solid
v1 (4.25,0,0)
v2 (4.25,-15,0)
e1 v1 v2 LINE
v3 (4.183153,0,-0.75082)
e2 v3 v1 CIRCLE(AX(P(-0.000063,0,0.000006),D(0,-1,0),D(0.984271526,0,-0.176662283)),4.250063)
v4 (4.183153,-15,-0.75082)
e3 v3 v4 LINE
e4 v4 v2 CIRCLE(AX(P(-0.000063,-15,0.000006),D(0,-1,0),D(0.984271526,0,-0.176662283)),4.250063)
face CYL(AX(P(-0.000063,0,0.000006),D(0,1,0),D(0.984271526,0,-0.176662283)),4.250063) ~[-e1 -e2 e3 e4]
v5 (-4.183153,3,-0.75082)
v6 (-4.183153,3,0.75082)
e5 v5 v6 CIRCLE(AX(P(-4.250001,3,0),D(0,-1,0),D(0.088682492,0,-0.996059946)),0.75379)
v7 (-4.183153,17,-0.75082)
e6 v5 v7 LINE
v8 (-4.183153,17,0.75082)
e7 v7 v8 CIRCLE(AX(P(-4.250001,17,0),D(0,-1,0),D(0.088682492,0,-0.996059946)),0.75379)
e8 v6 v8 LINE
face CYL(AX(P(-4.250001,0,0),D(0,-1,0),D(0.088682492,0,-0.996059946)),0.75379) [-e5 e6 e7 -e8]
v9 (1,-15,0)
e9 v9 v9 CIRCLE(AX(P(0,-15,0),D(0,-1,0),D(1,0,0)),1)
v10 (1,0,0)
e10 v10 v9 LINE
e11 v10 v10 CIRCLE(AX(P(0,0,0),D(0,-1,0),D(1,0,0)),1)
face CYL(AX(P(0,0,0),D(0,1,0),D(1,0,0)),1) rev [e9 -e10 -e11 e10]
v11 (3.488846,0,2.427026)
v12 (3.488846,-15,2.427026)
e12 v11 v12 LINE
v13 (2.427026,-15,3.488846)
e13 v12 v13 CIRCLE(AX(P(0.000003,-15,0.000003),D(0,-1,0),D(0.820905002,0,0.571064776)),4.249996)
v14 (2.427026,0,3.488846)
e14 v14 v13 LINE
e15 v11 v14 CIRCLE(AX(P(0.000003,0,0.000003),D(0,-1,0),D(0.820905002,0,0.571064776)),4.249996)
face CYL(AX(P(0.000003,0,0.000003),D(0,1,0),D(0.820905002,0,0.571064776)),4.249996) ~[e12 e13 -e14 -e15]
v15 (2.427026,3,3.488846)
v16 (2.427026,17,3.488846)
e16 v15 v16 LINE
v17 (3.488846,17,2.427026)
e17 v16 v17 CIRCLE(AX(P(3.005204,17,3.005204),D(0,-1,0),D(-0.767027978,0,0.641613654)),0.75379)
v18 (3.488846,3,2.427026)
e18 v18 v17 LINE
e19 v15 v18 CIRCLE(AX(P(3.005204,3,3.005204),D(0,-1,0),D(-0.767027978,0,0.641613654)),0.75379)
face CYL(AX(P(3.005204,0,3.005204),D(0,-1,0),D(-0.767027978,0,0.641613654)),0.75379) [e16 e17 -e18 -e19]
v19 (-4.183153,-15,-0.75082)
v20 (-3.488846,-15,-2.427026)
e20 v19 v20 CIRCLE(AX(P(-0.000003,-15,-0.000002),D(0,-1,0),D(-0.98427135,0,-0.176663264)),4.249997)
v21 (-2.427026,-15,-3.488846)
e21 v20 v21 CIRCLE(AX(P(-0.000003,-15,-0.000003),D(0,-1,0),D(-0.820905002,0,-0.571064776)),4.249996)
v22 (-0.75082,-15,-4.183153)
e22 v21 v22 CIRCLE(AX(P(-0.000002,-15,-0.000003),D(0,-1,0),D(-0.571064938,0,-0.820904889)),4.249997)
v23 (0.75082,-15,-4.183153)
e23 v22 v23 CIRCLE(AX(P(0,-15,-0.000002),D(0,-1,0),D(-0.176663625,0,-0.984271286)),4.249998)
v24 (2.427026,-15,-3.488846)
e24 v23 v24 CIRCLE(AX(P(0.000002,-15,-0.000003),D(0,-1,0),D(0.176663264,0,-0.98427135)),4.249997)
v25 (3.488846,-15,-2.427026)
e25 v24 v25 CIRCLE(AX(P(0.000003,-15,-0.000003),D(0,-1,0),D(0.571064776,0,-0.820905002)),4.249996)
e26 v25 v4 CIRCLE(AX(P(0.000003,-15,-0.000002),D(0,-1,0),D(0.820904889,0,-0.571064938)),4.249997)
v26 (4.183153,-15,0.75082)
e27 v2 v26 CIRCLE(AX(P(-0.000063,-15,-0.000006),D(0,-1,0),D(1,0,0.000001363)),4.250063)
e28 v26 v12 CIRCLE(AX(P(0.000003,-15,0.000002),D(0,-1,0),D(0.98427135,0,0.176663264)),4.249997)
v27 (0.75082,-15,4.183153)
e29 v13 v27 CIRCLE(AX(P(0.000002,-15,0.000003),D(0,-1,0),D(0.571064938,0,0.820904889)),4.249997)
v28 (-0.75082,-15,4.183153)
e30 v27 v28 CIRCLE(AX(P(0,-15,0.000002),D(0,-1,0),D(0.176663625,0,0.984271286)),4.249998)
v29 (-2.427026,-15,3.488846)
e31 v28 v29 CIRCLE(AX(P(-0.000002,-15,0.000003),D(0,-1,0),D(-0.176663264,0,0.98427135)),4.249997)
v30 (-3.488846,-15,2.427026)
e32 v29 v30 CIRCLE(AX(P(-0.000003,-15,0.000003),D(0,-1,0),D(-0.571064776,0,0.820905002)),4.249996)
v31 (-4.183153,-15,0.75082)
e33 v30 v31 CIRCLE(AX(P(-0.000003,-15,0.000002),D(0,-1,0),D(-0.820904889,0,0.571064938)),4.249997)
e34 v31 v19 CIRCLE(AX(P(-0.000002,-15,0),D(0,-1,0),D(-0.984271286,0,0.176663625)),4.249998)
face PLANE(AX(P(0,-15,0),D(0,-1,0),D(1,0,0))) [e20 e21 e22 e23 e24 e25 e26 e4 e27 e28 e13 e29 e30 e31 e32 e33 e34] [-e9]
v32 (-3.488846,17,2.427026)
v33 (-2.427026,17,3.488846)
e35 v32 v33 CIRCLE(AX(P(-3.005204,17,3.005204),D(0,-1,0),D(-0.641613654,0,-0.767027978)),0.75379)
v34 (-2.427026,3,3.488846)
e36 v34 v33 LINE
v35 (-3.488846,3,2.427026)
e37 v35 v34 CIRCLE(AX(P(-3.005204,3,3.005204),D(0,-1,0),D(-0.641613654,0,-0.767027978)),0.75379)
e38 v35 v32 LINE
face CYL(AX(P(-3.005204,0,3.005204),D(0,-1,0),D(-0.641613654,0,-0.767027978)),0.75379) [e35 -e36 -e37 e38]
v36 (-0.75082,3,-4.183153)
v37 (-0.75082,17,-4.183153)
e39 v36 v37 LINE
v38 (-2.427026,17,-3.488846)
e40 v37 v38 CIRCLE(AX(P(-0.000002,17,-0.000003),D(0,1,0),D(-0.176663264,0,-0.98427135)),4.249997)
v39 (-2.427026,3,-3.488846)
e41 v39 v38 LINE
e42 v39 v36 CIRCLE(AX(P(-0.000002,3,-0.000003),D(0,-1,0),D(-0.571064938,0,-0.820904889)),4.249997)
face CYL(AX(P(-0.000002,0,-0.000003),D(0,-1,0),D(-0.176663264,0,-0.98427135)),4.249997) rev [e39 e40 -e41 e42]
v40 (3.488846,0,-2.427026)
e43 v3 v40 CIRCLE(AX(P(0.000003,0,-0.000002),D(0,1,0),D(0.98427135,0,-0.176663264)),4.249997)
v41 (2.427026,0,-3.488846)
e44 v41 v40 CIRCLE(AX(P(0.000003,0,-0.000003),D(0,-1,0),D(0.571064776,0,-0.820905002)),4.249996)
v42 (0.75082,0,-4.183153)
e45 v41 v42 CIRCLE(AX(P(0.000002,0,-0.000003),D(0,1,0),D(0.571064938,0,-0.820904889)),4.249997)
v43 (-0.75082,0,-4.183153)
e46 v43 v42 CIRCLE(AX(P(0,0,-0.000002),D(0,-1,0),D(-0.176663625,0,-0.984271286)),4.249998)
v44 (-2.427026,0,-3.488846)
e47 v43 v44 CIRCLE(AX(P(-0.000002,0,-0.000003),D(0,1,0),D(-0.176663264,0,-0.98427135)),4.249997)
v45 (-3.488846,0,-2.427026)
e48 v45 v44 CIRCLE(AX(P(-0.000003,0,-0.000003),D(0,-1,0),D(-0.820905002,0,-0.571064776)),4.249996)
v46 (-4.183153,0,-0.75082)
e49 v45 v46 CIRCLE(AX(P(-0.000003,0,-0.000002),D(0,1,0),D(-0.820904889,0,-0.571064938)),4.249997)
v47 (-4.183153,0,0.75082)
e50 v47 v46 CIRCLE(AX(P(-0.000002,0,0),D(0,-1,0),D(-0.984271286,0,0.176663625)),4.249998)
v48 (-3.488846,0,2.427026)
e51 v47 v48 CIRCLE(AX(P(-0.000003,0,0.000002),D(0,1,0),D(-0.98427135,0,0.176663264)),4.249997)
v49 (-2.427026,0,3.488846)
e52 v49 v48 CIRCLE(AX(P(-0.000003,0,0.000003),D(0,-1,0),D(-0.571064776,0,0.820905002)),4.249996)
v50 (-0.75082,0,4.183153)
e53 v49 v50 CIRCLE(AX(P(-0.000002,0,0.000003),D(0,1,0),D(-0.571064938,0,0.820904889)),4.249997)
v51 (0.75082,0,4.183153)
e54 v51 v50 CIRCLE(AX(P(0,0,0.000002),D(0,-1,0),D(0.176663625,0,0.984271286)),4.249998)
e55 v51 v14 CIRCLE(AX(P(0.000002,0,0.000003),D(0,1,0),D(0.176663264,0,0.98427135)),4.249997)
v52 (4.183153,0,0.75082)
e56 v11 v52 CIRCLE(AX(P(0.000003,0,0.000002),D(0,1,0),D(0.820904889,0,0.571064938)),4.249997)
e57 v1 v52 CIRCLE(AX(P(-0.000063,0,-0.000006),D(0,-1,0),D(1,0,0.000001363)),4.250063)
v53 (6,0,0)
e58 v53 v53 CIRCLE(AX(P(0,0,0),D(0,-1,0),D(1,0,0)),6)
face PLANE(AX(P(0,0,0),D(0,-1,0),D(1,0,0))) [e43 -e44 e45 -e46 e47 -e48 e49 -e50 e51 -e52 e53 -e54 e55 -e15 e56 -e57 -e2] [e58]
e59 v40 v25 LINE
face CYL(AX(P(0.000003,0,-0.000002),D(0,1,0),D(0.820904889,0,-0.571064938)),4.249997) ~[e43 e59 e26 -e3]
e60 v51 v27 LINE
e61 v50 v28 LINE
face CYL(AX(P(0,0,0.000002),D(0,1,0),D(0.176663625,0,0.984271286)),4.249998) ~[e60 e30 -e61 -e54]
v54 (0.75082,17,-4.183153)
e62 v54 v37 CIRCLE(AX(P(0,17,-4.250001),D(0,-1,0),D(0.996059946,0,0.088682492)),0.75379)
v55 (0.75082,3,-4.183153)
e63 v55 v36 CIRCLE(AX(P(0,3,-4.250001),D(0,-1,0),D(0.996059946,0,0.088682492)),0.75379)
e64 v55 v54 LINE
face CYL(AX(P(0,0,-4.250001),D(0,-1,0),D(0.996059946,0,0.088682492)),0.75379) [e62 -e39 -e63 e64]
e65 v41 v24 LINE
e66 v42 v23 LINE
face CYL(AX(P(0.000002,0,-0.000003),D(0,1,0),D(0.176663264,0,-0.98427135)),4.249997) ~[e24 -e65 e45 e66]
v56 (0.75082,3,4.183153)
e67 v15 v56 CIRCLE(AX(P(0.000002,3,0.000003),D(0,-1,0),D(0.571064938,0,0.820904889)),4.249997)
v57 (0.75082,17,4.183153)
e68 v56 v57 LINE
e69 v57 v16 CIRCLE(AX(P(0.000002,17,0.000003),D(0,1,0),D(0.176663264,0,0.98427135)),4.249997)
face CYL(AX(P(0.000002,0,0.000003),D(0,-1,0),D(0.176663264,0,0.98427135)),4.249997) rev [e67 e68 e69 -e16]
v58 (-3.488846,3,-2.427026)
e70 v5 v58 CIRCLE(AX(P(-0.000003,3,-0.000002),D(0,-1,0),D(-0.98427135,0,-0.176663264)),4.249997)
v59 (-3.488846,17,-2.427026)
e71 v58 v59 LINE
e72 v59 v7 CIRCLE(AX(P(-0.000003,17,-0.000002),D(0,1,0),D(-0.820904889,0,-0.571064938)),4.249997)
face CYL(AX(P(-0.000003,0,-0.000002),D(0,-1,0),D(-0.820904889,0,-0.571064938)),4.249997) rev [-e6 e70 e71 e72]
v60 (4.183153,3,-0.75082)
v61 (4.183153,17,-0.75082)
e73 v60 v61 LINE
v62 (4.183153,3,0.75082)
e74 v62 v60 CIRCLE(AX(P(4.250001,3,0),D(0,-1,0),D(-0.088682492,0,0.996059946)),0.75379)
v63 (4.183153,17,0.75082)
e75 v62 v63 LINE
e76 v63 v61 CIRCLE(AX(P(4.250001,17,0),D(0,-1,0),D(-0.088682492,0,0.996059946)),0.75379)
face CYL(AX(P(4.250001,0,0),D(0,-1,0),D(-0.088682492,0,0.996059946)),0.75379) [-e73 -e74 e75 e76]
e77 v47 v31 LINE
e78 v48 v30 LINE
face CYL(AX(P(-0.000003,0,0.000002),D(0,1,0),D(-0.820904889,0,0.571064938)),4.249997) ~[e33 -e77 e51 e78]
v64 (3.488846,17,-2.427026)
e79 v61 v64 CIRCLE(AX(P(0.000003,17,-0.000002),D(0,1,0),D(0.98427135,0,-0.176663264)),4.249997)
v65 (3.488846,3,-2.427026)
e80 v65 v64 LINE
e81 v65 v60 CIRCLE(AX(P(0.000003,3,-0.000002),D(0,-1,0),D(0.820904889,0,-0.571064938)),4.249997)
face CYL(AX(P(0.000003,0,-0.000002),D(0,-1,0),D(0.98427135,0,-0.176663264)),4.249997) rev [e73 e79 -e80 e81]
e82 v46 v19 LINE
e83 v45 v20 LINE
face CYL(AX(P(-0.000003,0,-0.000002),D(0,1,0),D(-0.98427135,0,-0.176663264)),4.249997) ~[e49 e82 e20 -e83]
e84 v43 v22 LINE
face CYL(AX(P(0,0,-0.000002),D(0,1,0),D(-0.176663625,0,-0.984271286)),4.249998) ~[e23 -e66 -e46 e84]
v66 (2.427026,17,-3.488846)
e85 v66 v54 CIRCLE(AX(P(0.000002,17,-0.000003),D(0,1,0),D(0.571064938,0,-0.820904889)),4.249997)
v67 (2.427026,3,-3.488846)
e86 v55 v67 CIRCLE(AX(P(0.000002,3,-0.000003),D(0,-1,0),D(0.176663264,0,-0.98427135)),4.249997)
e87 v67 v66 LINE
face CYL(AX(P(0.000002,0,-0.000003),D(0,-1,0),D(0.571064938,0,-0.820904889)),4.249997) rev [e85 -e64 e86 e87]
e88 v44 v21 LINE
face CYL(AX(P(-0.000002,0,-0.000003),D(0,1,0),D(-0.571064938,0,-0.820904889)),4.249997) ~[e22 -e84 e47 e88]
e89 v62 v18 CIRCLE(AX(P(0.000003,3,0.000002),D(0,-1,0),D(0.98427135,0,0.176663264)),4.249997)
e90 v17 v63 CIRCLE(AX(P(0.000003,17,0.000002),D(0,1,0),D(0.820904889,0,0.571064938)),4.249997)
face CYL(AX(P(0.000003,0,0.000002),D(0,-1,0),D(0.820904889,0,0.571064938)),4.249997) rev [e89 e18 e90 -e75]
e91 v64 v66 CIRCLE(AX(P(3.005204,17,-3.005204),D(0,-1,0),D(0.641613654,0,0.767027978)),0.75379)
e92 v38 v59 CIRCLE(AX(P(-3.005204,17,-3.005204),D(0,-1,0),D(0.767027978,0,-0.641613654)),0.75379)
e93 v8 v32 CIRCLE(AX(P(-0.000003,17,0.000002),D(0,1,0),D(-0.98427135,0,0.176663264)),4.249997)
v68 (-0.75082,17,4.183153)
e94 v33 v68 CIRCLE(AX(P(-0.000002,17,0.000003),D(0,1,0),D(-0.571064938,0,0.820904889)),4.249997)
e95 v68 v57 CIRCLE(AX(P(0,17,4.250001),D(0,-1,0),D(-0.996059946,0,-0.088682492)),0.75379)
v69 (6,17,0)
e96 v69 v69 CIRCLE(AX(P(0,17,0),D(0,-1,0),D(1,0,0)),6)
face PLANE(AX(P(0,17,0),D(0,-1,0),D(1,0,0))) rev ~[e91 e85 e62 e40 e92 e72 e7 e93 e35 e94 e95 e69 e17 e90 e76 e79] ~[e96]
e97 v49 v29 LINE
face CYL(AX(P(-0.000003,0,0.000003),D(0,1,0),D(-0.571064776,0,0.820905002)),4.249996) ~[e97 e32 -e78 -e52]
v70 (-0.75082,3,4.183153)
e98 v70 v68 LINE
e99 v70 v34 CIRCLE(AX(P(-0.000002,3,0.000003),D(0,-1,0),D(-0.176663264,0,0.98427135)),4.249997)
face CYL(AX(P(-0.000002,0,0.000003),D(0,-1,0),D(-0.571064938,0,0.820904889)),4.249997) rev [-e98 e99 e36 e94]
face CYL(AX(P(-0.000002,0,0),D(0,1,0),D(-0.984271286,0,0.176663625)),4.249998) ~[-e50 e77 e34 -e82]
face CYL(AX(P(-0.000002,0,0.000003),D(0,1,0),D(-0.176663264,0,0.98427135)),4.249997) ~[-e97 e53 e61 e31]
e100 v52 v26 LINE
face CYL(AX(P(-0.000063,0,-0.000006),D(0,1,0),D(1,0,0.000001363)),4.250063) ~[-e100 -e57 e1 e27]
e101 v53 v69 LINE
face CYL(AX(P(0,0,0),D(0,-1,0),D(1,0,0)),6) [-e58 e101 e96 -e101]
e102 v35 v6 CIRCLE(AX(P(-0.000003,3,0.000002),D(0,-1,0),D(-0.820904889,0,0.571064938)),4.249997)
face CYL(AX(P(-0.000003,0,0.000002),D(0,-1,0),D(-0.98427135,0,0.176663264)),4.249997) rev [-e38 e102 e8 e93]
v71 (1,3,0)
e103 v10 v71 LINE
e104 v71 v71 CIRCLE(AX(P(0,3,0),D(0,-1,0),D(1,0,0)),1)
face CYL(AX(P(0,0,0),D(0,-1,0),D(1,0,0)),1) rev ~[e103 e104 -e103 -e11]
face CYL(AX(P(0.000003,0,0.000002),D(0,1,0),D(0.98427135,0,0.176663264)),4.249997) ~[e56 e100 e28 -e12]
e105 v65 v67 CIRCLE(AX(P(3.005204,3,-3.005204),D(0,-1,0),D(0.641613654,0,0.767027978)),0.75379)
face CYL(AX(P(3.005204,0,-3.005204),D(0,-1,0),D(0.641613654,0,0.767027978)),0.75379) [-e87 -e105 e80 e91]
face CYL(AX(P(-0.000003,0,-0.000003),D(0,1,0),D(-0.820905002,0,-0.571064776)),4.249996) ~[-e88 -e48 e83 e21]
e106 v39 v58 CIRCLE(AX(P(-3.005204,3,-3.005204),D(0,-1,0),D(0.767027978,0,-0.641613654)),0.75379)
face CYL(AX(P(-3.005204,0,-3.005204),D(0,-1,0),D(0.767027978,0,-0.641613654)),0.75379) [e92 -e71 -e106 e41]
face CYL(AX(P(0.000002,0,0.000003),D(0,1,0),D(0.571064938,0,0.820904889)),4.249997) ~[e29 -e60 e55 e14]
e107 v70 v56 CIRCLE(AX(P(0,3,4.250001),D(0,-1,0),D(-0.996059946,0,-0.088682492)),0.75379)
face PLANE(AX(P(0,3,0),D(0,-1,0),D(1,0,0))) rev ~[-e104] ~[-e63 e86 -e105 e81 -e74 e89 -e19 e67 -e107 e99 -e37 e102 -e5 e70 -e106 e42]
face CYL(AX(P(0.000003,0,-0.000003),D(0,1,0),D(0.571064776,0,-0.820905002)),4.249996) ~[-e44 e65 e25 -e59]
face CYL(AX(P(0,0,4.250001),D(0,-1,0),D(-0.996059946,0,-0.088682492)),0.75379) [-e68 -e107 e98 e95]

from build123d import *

# Parameters (mm, degrees)
F0_R          = 6
F1_DEPTH      = 17
F0_R_2        = 2.5
F0_R_3        = 1
F2_DEPTH      = 15
F2_DEPTH_BACK = 3


with BuildPart() as f1:
    # F0 (on Front) → F1 (new body)
    with BuildSketch(Plane.XZ):
        Circle(F0_R)
        with BuildLine():
            ThreePointArc((4.183153, 0.75082), (4.233255, 0.376895), (4.25, 0))
            ThreePointArc((4.25, 0), (4.233255, -0.376895), (4.183153, -0.75082))
            ThreePointArc((4.183153, -0.75082), (3.926488, -1.626405), (3.488846, -2.427026))
            ThreePointArc((3.488846, -2.427026), (3.005204, -3.005204), (2.427026, -3.488846))
            ThreePointArc((2.427026, -3.488846), (1.626405, -3.926488), (0.75082, -4.183153))
            ThreePointArc((0.75082, -4.183153), (0, -4.25), (-0.75082, -4.183153))
            ThreePointArc((-0.75082, -4.183153), (-1.626405, -3.926488), (-2.427026, -3.488846))
            ThreePointArc((-2.427026, -3.488846), (-3.005204, -3.005204), (-3.488846, -2.427026))
            ThreePointArc((-3.488846, -2.427026), (-3.926488, -1.626405), (-4.183153, -0.75082))
            ThreePointArc((-4.183153, -0.75082), (-4.25, 0), (-4.183153, 0.75082))
            ThreePointArc((-4.183153, 0.75082), (-3.926488, 1.626405), (-3.488846, 2.427026))
            ThreePointArc((-3.488846, 2.427026), (-3.005204, 3.005204), (-2.427026, 3.488846))
            ThreePointArc((-2.427026, 3.488846), (-1.626405, 3.926488), (-0.75082, 4.183153))
            ThreePointArc((-0.75082, 4.183153), (0, 4.25), (0.75082, 4.183153))
            ThreePointArc((0.75082, 4.183153), (1.626405, 3.926488), (2.427026, 3.488846))
            ThreePointArc((2.427026, 3.488846), (3.005204, 3.005204), (3.488846, 2.427026))
            ThreePointArc((3.488846, 2.427026), (3.926488, 1.626405), (4.183153, 0.75082))
        make_face(mode=Mode.SUBTRACT)
        with BuildLine():
            ThreePointArc((4.183153, -0.75082), (4.233255, -0.376895), (4.25, 0))
            ThreePointArc((4.25, 0), (4.233255, 0.376895), (4.183153, 0.75082))
            ThreePointArc((4.183153, 0.75082), (3.496211, 0), (4.183153, -0.75082))
        make_face()
        with BuildLine():
            ThreePointArc((2.427026, 3.488846), (2.472194, 2.472194), (3.488846, 2.427026))
            ThreePointArc((3.488846, 2.427026), (3.005204, 3.005204), (2.427026, 3.488846))
        make_face()
        with BuildLine():
            ThreePointArc((-0.75082, 4.183153), (0, 3.496211), (0.75082, 4.183153))
            ThreePointArc((0.75082, 4.183153), (0, 4.25), (-0.75082, 4.183153))
        make_face()
        with BuildLine():
            ThreePointArc((-3.488846, 2.427026), (-2.472194, 2.472194), (-2.427026, 3.488846))
            ThreePointArc((-2.427026, 3.488846), (-3.005204, 3.005204), (-3.488846, 2.427026))
        make_face()
        with BuildLine():
            ThreePointArc((-4.183153, -0.75082), (-3.496211, 0), (-4.183153, 0.75082))
            ThreePointArc((-4.183153, 0.75082), (-4.25, 0), (-4.183153, -0.75082))
        make_face()
        with BuildLine():
            ThreePointArc((-3.488846, -2.427026), (-3.005204, -3.005204), (-2.427026, -3.488846))
            ThreePointArc((-2.427026, -3.488846), (-2.472194, -2.472194), (-3.488846, -2.427026))
        make_face()
        with BuildLine():
            ThreePointArc((-0.75082, -4.183153), (0, -4.25), (0.75082, -4.183153))
            ThreePointArc((0.75082, -4.183153), (0, -3.496211), (-0.75082, -4.183153))
        make_face()
        with BuildLine():
            ThreePointArc((2.427026, -3.488846), (3.005204, -3.005204), (3.488846, -2.427026))
            ThreePointArc((3.488846, -2.427026), (2.472194, -2.472194), (2.427026, -3.488846))
        make_face()
    extrude(amount=-F1_DEPTH)

    # F0 (on Front) → F2 (join, two sides)
    with BuildSketch(Plane.XZ) as f2_sk:
        with BuildLine():
            ThreePointArc((4.183153, -0.75082), (3.496211, 0), (4.183153, 0.75082))
            ThreePointArc((4.183153, 0.75082), (3.926488, 1.626405), (3.488846, 2.427026))
            ThreePointArc((3.488846, 2.427026), (2.472194, 2.472194), (2.427026, 3.488846))
            ThreePointArc((2.427026, 3.488846), (1.626405, 3.926488), (0.75082, 4.183153))
            ThreePointArc((0.75082, 4.183153), (0, 3.496211), (-0.75082, 4.183153))
            ThreePointArc((-0.75082, 4.183153), (-1.626405, 3.926488), (-2.427026, 3.488846))
            ThreePointArc((-2.427026, 3.488846), (-2.472194, 2.472194), (-3.488846, 2.427026))
            ThreePointArc((-3.488846, 2.427026), (-3.926488, 1.626405), (-4.183153, 0.75082))
            ThreePointArc((-4.183153, 0.75082), (-3.496211, 0), (-4.183153, -0.75082))
            ThreePointArc((-4.183153, -0.75082), (-3.926488, -1.626405), (-3.488846, -2.427026))
            ThreePointArc((-3.488846, -2.427026), (-2.472194, -2.472194), (-2.427026, -3.488846))
            ThreePointArc((-2.427026, -3.488846), (-1.626405, -3.926488), (-0.75082, -4.183153))
            ThreePointArc((-0.75082, -4.183153), (0, -3.496211), (0.75082, -4.183153))
            ThreePointArc((0.75082, -4.183153), (1.626405, -3.926488), (2.427026, -3.488846))
            ThreePointArc((2.427026, -3.488846), (2.472194, -2.472194), (3.488846, -2.427026))
            ThreePointArc((3.488846, -2.427026), (3.926488, -1.626405), (4.183153, -0.75082))
        make_face()
        Circle(F0_R_2, mode=Mode.SUBTRACT)
        Circle(F0_R_2)
        Circle(F0_R_3, mode=Mode.SUBTRACT)
        with BuildLine():
            ThreePointArc((-3.488846, 2.427026), (-2.472194, 2.472194), (-2.427026, 3.488846))
            ThreePointArc((-2.427026, 3.488846), (-3.005204, 3.005204), (-3.488846, 2.427026))
        make_face()
        with BuildLine():
            ThreePointArc((-4.183153, -0.75082), (-3.496211, 0), (-4.183153, 0.75082))
            ThreePointArc((-4.183153, 0.75082), (-4.25, 0), (-4.183153, -0.75082))
        make_face()
        with BuildLine():
            ThreePointArc((-3.488846, -2.427026), (-3.005204, -3.005204), (-2.427026, -3.488846))
            ThreePointArc((-2.427026, -3.488846), (-2.472194, -2.472194), (-3.488846, -2.427026))
        make_face()
        with BuildLine():
            ThreePointArc((-0.75082, -4.183153), (0, -4.25), (0.75082, -4.183153))
            ThreePointArc((0.75082, -4.183153), (0, -3.496211), (-0.75082, -4.183153))
        make_face()
        with BuildLine():
            ThreePointArc((2.427026, -3.488846), (3.005204, -3.005204), (3.488846, -2.427026))
            ThreePointArc((3.488846, -2.427026), (2.472194, -2.472194), (2.427026, -3.488846))
        make_face()
        with BuildLine():
            ThreePointArc((2.427026, 3.488846), (2.472194, 2.472194), (3.488846, 2.427026))
            ThreePointArc((3.488846, 2.427026), (3.005204, 3.005204), (2.427026, 3.488846))
        make_face()
        with BuildLine():
            ThreePointArc((-0.75082, 4.183153), (0, 3.496211), (0.75082, 4.183153))
            ThreePointArc((0.75082, 4.183153), (0, 4.25), (-0.75082, 4.183153))
        make_face()
        with BuildLine():
            ThreePointArc((4.183153, -0.75082), (4.233255, -0.376895), (4.25, 0))
            ThreePointArc((4.25, 0), (4.233255, 0.376895), (4.183153, 0.75082))
            ThreePointArc((4.183153, 0.75082), (3.496211, 0), (4.183153, -0.75082))
        make_face()
    extrude(amount=F2_DEPTH)
    extrude(f2_sk.sketch, amount=-F2_DEPTH_BACK)


solid = f1.part
